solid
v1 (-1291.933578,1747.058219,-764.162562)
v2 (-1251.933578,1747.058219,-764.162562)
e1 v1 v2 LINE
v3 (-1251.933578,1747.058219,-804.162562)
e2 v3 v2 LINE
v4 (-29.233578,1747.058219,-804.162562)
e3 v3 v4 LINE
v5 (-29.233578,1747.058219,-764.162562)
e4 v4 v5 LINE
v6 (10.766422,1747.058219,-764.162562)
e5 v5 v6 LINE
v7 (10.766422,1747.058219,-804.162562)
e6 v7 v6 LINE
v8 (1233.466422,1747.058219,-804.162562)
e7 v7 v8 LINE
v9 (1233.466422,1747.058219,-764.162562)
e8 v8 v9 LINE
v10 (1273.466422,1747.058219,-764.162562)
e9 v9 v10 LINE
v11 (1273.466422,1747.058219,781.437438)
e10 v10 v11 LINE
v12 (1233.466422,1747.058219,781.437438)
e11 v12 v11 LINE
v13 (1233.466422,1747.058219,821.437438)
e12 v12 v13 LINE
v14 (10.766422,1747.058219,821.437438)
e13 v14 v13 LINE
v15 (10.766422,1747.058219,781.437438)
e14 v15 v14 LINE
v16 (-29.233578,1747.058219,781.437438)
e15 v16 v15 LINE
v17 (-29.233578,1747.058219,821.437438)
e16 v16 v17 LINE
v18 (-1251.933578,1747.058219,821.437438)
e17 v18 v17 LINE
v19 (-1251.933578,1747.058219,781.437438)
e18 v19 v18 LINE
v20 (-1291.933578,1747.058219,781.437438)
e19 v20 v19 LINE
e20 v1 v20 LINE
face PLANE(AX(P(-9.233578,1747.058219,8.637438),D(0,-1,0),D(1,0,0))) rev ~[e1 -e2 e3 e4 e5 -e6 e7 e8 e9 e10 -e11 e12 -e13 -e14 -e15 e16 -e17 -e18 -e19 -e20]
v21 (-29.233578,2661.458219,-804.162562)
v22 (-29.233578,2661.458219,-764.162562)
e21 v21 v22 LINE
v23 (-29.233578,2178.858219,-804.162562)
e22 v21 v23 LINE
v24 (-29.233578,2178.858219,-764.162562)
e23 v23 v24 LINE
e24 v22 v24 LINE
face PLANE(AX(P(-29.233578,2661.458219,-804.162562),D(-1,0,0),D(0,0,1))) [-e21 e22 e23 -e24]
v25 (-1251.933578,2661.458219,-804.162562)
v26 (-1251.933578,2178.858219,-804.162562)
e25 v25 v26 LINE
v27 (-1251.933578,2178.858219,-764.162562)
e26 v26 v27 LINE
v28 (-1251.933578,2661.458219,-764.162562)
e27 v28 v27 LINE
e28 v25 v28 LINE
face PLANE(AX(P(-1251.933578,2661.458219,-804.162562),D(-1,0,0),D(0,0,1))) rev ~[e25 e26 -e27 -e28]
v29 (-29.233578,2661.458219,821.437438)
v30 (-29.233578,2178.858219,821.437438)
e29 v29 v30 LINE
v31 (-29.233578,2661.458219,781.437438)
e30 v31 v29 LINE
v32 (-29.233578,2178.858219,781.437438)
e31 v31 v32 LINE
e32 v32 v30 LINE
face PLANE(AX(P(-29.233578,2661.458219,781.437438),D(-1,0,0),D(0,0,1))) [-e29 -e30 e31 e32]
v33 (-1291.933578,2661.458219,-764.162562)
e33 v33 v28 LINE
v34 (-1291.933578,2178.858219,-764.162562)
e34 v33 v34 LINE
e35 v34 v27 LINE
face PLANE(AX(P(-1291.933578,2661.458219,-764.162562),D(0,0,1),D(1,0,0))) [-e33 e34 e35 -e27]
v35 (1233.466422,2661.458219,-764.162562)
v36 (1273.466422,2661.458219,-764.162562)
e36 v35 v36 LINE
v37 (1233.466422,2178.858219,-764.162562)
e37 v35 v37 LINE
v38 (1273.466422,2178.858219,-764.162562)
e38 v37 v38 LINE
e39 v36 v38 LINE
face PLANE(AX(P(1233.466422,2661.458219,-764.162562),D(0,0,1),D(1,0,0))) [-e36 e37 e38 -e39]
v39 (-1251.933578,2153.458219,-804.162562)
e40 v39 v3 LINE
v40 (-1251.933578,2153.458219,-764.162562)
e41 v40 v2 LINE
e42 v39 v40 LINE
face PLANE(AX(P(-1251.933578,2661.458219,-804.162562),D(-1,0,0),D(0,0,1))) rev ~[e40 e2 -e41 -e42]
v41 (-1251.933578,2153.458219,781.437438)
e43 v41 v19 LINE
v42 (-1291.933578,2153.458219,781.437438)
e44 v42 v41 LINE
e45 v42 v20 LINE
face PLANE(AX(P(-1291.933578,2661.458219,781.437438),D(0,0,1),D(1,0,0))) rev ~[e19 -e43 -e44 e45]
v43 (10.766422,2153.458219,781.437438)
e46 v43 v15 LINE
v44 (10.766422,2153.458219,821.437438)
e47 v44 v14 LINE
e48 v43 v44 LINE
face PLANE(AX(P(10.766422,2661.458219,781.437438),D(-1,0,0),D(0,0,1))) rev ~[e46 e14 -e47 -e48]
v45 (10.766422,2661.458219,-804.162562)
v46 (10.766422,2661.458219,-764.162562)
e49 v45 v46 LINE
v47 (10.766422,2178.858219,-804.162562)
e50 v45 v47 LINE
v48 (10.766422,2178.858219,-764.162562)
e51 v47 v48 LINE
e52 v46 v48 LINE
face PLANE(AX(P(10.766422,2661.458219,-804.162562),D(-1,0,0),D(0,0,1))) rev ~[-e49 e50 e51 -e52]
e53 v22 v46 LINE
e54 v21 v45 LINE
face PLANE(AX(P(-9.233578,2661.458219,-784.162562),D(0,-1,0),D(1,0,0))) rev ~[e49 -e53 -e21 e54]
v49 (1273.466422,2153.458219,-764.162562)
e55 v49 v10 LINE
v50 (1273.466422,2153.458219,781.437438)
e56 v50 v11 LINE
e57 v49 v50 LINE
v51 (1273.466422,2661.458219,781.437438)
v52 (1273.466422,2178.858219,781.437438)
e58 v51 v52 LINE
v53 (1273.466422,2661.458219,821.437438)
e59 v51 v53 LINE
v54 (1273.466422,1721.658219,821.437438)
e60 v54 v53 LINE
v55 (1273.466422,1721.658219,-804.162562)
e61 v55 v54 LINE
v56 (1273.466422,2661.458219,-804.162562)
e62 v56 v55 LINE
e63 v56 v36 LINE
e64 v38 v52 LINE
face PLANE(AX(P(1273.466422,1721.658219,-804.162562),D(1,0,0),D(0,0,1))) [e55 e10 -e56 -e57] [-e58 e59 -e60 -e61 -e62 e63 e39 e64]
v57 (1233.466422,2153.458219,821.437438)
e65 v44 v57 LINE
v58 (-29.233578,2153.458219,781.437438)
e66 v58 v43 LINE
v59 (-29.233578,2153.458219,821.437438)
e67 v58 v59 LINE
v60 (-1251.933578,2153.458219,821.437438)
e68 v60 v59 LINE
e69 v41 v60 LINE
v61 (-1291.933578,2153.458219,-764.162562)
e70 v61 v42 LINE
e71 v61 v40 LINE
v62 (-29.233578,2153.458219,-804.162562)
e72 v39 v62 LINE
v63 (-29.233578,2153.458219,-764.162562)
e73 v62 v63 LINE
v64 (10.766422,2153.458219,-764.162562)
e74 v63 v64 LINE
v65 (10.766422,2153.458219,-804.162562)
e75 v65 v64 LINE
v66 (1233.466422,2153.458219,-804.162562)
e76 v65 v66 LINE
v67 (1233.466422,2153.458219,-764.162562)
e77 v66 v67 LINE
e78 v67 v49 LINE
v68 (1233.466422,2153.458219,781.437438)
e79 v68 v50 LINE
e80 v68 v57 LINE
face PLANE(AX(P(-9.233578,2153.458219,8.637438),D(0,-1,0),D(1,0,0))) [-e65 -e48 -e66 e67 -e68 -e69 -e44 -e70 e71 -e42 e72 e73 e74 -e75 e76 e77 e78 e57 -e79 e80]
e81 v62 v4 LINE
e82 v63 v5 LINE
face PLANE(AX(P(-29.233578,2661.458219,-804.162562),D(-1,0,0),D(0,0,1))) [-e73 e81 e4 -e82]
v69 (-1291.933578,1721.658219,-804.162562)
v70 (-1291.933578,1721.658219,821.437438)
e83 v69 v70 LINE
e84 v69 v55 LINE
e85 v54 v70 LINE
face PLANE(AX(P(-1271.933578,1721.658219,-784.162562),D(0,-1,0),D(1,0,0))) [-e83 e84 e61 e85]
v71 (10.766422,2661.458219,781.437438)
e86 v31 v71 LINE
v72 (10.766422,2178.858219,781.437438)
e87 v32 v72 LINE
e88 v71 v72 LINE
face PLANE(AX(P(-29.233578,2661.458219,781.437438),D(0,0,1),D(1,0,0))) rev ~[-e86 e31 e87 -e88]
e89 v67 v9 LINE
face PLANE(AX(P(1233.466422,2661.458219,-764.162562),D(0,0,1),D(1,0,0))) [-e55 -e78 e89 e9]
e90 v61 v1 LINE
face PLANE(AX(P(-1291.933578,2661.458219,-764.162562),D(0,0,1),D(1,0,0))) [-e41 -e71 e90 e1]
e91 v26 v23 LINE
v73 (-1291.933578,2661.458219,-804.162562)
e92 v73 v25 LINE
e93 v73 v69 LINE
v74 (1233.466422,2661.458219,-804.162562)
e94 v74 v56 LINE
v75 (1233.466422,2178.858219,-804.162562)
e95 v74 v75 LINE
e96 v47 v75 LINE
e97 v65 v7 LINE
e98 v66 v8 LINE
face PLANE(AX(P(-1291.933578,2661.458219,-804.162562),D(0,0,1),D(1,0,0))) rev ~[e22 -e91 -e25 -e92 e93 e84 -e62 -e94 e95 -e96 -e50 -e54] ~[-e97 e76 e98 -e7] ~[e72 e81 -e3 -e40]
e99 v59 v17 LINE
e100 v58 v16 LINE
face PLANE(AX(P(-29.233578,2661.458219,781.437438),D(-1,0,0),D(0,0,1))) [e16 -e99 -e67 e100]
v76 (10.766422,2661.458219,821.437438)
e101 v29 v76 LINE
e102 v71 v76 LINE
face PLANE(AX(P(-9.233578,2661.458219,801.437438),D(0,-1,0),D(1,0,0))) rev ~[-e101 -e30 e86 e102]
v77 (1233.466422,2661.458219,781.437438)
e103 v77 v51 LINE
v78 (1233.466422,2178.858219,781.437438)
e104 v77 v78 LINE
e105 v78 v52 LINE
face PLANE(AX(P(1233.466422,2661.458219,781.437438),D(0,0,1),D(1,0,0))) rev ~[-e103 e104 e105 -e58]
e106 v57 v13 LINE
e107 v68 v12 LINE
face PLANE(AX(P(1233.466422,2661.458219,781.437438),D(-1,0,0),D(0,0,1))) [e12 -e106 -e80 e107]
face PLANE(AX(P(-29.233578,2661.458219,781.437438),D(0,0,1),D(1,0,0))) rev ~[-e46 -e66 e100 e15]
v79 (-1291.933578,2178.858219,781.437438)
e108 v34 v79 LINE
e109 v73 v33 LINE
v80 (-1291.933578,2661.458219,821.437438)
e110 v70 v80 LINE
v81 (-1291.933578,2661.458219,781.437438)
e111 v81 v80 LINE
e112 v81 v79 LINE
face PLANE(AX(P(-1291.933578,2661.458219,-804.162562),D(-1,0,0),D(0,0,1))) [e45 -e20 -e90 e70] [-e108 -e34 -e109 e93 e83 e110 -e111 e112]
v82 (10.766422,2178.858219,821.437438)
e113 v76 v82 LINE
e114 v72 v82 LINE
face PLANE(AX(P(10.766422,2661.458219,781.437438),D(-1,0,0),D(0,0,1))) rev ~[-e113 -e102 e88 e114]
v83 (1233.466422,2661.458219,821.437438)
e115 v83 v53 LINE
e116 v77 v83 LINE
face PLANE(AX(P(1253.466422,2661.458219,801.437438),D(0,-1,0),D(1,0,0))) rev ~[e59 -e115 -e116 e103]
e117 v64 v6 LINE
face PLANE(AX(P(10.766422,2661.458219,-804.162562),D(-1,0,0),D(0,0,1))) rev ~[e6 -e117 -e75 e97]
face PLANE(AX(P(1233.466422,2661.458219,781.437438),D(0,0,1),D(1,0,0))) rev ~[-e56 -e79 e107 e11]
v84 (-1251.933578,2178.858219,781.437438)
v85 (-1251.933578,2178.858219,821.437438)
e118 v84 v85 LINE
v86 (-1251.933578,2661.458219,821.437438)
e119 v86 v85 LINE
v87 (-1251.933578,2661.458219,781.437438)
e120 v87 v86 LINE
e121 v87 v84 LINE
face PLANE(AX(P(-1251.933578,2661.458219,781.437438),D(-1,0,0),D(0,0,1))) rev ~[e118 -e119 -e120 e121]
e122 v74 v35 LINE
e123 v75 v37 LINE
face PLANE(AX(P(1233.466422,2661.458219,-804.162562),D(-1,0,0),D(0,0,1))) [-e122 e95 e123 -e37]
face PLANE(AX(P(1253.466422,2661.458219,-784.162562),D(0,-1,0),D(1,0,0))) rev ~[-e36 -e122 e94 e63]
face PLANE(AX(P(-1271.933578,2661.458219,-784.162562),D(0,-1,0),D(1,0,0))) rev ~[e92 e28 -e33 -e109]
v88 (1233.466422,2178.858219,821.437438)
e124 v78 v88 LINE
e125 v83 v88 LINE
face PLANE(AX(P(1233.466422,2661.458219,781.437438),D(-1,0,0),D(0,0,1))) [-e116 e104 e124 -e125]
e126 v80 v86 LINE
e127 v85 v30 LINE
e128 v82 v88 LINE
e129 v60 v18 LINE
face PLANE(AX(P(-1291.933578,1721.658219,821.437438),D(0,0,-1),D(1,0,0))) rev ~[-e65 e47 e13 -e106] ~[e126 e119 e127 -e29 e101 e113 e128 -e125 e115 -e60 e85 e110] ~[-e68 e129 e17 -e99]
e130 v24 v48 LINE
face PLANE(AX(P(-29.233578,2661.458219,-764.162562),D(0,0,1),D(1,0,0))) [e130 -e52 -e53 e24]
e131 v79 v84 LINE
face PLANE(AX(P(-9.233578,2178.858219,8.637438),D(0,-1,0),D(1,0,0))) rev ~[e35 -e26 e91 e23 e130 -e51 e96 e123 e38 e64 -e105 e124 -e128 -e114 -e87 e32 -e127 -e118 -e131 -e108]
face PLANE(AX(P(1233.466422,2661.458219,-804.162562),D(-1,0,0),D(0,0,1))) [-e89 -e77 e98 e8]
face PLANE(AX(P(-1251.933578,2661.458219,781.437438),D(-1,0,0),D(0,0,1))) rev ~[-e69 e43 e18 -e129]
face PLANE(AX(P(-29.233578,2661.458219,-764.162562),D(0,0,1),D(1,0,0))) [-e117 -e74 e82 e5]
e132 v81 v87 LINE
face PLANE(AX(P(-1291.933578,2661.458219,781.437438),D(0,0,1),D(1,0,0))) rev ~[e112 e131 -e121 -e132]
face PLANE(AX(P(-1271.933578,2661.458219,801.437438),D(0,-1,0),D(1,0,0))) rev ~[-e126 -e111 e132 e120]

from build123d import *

# Parameters (mm, degrees)
SKETCH1_W             = 40
SKETCH1_H             = 40
BOSS_EXTRUDE1_DEPTH   = 939.8
BOSS_EXTRUDE1_2_DEPTH = 939.8
BOSS_EXTRUDE1_3_DEPTH = 939.8
BOSS_EXTRUDE1_4_DEPTH = 939.8
BOSS_EXTRUDE1_5_DEPTH = 939.8
BOSS_EXTRUDE1_6_DEPTH = 939.8
SKETCH2_W             = 2565.4
SKETCH2_H             = 1625.6
BOSS_EXTRUDE2_DEPTH   = 25.4
SKETCH3_W             = 2565.4
SKETCH3_H             = 1625.6
BOSS_EXTRUDE3_DEPTH   = 25.4


with BuildPart() as part:
    # Sketch1 → Boss-Extrude1 (new body)
    with BuildSketch(Plane.XZ.offset(-2661.458218508)):
        with Locations((1253.466421536, 801.437438082)):
            Rectangle(SKETCH1_W, SKETCH1_H)
    extrude(amount=BOSS_EXTRUDE1_DEPTH)



with BuildPart() as body_2:
    # Sketch1 → Boss-Extrude1 2 (new body)
    with BuildSketch(Plane.XZ.offset(-2661.458218508)):
        with Locations((-1271.933578464, 801.437438082)):
            Rectangle(SKETCH1_W, SKETCH1_H)
    extrude(amount=BOSS_EXTRUDE1_2_DEPTH)


with BuildPart() as body_3:
    # Sketch1 → Boss-Extrude1 3 (new body)
    with BuildSketch(Plane.XZ.offset(-2661.458218508)):
        with Locations((-9.233578464, 801.437438082)):
            Rectangle(SKETCH1_W, SKETCH1_H)
    extrude(amount=BOSS_EXTRUDE1_3_DEPTH)


with BuildPart() as body_4:
    # Sketch1 → Boss-Extrude1 4 (new body)
    with BuildSketch(Plane.XZ.offset(-2661.458218508)):
        with Locations((-1271.933578464, -784.162561918)):
            Rectangle(SKETCH1_W, SKETCH1_H)
    extrude(amount=BOSS_EXTRUDE1_4_DEPTH)


with BuildPart() as body_5:
    # Sketch1 → Boss-Extrude1 5 (new body)
    with BuildSketch(Plane.XZ.offset(-2661.458218508)):
        with Locations((-9.233578464, -784.162561918)):
            Rectangle(SKETCH1_W, SKETCH1_H)
    extrude(amount=BOSS_EXTRUDE1_5_DEPTH)


with BuildPart() as body_6:
    # Sketch1 → Boss-Extrude1 6 (new body)
    with BuildSketch(Plane.XZ.offset(-2661.458218508)):
        with Locations((1253.466421536, -784.162561918)):
            Rectangle(SKETCH1_W, SKETCH1_H)
    extrude(amount=BOSS_EXTRUDE1_6_DEPTH)


with BuildPart() as part_1:
    add(part.part)

    add(body_2.part)  # Boss-Extrude2 merges body 2

    add(body_3.part)  # Boss-Extrude2 merges body 3

    add(body_4.part)  # Boss-Extrude2 merges body 4

    add(body_5.part)  # Boss-Extrude2 merges body 5

    add(body_6.part)  # Boss-Extrude2 merges body 6
    # Sketch2 → Boss-Extrude2 (add)
    with BuildSketch(Plane.XZ.offset(-1721.658218508)):
        with Locations((-9.233578464, 8.637438082)):
            Rectangle(SKETCH2_W, SKETCH2_H)
    extrude(amount=-BOSS_EXTRUDE2_DEPTH)

    # Sketch3 → Boss-Extrude3 (add)
    with BuildSketch(Plane.XZ.offset(-2153.458218508)):
        with Locations((-9.233578464, 8.637438082)):
            Rectangle(SKETCH3_W, SKETCH3_H)
    extrude(amount=-BOSS_EXTRUDE3_DEPTH)


solid = part_1.part
